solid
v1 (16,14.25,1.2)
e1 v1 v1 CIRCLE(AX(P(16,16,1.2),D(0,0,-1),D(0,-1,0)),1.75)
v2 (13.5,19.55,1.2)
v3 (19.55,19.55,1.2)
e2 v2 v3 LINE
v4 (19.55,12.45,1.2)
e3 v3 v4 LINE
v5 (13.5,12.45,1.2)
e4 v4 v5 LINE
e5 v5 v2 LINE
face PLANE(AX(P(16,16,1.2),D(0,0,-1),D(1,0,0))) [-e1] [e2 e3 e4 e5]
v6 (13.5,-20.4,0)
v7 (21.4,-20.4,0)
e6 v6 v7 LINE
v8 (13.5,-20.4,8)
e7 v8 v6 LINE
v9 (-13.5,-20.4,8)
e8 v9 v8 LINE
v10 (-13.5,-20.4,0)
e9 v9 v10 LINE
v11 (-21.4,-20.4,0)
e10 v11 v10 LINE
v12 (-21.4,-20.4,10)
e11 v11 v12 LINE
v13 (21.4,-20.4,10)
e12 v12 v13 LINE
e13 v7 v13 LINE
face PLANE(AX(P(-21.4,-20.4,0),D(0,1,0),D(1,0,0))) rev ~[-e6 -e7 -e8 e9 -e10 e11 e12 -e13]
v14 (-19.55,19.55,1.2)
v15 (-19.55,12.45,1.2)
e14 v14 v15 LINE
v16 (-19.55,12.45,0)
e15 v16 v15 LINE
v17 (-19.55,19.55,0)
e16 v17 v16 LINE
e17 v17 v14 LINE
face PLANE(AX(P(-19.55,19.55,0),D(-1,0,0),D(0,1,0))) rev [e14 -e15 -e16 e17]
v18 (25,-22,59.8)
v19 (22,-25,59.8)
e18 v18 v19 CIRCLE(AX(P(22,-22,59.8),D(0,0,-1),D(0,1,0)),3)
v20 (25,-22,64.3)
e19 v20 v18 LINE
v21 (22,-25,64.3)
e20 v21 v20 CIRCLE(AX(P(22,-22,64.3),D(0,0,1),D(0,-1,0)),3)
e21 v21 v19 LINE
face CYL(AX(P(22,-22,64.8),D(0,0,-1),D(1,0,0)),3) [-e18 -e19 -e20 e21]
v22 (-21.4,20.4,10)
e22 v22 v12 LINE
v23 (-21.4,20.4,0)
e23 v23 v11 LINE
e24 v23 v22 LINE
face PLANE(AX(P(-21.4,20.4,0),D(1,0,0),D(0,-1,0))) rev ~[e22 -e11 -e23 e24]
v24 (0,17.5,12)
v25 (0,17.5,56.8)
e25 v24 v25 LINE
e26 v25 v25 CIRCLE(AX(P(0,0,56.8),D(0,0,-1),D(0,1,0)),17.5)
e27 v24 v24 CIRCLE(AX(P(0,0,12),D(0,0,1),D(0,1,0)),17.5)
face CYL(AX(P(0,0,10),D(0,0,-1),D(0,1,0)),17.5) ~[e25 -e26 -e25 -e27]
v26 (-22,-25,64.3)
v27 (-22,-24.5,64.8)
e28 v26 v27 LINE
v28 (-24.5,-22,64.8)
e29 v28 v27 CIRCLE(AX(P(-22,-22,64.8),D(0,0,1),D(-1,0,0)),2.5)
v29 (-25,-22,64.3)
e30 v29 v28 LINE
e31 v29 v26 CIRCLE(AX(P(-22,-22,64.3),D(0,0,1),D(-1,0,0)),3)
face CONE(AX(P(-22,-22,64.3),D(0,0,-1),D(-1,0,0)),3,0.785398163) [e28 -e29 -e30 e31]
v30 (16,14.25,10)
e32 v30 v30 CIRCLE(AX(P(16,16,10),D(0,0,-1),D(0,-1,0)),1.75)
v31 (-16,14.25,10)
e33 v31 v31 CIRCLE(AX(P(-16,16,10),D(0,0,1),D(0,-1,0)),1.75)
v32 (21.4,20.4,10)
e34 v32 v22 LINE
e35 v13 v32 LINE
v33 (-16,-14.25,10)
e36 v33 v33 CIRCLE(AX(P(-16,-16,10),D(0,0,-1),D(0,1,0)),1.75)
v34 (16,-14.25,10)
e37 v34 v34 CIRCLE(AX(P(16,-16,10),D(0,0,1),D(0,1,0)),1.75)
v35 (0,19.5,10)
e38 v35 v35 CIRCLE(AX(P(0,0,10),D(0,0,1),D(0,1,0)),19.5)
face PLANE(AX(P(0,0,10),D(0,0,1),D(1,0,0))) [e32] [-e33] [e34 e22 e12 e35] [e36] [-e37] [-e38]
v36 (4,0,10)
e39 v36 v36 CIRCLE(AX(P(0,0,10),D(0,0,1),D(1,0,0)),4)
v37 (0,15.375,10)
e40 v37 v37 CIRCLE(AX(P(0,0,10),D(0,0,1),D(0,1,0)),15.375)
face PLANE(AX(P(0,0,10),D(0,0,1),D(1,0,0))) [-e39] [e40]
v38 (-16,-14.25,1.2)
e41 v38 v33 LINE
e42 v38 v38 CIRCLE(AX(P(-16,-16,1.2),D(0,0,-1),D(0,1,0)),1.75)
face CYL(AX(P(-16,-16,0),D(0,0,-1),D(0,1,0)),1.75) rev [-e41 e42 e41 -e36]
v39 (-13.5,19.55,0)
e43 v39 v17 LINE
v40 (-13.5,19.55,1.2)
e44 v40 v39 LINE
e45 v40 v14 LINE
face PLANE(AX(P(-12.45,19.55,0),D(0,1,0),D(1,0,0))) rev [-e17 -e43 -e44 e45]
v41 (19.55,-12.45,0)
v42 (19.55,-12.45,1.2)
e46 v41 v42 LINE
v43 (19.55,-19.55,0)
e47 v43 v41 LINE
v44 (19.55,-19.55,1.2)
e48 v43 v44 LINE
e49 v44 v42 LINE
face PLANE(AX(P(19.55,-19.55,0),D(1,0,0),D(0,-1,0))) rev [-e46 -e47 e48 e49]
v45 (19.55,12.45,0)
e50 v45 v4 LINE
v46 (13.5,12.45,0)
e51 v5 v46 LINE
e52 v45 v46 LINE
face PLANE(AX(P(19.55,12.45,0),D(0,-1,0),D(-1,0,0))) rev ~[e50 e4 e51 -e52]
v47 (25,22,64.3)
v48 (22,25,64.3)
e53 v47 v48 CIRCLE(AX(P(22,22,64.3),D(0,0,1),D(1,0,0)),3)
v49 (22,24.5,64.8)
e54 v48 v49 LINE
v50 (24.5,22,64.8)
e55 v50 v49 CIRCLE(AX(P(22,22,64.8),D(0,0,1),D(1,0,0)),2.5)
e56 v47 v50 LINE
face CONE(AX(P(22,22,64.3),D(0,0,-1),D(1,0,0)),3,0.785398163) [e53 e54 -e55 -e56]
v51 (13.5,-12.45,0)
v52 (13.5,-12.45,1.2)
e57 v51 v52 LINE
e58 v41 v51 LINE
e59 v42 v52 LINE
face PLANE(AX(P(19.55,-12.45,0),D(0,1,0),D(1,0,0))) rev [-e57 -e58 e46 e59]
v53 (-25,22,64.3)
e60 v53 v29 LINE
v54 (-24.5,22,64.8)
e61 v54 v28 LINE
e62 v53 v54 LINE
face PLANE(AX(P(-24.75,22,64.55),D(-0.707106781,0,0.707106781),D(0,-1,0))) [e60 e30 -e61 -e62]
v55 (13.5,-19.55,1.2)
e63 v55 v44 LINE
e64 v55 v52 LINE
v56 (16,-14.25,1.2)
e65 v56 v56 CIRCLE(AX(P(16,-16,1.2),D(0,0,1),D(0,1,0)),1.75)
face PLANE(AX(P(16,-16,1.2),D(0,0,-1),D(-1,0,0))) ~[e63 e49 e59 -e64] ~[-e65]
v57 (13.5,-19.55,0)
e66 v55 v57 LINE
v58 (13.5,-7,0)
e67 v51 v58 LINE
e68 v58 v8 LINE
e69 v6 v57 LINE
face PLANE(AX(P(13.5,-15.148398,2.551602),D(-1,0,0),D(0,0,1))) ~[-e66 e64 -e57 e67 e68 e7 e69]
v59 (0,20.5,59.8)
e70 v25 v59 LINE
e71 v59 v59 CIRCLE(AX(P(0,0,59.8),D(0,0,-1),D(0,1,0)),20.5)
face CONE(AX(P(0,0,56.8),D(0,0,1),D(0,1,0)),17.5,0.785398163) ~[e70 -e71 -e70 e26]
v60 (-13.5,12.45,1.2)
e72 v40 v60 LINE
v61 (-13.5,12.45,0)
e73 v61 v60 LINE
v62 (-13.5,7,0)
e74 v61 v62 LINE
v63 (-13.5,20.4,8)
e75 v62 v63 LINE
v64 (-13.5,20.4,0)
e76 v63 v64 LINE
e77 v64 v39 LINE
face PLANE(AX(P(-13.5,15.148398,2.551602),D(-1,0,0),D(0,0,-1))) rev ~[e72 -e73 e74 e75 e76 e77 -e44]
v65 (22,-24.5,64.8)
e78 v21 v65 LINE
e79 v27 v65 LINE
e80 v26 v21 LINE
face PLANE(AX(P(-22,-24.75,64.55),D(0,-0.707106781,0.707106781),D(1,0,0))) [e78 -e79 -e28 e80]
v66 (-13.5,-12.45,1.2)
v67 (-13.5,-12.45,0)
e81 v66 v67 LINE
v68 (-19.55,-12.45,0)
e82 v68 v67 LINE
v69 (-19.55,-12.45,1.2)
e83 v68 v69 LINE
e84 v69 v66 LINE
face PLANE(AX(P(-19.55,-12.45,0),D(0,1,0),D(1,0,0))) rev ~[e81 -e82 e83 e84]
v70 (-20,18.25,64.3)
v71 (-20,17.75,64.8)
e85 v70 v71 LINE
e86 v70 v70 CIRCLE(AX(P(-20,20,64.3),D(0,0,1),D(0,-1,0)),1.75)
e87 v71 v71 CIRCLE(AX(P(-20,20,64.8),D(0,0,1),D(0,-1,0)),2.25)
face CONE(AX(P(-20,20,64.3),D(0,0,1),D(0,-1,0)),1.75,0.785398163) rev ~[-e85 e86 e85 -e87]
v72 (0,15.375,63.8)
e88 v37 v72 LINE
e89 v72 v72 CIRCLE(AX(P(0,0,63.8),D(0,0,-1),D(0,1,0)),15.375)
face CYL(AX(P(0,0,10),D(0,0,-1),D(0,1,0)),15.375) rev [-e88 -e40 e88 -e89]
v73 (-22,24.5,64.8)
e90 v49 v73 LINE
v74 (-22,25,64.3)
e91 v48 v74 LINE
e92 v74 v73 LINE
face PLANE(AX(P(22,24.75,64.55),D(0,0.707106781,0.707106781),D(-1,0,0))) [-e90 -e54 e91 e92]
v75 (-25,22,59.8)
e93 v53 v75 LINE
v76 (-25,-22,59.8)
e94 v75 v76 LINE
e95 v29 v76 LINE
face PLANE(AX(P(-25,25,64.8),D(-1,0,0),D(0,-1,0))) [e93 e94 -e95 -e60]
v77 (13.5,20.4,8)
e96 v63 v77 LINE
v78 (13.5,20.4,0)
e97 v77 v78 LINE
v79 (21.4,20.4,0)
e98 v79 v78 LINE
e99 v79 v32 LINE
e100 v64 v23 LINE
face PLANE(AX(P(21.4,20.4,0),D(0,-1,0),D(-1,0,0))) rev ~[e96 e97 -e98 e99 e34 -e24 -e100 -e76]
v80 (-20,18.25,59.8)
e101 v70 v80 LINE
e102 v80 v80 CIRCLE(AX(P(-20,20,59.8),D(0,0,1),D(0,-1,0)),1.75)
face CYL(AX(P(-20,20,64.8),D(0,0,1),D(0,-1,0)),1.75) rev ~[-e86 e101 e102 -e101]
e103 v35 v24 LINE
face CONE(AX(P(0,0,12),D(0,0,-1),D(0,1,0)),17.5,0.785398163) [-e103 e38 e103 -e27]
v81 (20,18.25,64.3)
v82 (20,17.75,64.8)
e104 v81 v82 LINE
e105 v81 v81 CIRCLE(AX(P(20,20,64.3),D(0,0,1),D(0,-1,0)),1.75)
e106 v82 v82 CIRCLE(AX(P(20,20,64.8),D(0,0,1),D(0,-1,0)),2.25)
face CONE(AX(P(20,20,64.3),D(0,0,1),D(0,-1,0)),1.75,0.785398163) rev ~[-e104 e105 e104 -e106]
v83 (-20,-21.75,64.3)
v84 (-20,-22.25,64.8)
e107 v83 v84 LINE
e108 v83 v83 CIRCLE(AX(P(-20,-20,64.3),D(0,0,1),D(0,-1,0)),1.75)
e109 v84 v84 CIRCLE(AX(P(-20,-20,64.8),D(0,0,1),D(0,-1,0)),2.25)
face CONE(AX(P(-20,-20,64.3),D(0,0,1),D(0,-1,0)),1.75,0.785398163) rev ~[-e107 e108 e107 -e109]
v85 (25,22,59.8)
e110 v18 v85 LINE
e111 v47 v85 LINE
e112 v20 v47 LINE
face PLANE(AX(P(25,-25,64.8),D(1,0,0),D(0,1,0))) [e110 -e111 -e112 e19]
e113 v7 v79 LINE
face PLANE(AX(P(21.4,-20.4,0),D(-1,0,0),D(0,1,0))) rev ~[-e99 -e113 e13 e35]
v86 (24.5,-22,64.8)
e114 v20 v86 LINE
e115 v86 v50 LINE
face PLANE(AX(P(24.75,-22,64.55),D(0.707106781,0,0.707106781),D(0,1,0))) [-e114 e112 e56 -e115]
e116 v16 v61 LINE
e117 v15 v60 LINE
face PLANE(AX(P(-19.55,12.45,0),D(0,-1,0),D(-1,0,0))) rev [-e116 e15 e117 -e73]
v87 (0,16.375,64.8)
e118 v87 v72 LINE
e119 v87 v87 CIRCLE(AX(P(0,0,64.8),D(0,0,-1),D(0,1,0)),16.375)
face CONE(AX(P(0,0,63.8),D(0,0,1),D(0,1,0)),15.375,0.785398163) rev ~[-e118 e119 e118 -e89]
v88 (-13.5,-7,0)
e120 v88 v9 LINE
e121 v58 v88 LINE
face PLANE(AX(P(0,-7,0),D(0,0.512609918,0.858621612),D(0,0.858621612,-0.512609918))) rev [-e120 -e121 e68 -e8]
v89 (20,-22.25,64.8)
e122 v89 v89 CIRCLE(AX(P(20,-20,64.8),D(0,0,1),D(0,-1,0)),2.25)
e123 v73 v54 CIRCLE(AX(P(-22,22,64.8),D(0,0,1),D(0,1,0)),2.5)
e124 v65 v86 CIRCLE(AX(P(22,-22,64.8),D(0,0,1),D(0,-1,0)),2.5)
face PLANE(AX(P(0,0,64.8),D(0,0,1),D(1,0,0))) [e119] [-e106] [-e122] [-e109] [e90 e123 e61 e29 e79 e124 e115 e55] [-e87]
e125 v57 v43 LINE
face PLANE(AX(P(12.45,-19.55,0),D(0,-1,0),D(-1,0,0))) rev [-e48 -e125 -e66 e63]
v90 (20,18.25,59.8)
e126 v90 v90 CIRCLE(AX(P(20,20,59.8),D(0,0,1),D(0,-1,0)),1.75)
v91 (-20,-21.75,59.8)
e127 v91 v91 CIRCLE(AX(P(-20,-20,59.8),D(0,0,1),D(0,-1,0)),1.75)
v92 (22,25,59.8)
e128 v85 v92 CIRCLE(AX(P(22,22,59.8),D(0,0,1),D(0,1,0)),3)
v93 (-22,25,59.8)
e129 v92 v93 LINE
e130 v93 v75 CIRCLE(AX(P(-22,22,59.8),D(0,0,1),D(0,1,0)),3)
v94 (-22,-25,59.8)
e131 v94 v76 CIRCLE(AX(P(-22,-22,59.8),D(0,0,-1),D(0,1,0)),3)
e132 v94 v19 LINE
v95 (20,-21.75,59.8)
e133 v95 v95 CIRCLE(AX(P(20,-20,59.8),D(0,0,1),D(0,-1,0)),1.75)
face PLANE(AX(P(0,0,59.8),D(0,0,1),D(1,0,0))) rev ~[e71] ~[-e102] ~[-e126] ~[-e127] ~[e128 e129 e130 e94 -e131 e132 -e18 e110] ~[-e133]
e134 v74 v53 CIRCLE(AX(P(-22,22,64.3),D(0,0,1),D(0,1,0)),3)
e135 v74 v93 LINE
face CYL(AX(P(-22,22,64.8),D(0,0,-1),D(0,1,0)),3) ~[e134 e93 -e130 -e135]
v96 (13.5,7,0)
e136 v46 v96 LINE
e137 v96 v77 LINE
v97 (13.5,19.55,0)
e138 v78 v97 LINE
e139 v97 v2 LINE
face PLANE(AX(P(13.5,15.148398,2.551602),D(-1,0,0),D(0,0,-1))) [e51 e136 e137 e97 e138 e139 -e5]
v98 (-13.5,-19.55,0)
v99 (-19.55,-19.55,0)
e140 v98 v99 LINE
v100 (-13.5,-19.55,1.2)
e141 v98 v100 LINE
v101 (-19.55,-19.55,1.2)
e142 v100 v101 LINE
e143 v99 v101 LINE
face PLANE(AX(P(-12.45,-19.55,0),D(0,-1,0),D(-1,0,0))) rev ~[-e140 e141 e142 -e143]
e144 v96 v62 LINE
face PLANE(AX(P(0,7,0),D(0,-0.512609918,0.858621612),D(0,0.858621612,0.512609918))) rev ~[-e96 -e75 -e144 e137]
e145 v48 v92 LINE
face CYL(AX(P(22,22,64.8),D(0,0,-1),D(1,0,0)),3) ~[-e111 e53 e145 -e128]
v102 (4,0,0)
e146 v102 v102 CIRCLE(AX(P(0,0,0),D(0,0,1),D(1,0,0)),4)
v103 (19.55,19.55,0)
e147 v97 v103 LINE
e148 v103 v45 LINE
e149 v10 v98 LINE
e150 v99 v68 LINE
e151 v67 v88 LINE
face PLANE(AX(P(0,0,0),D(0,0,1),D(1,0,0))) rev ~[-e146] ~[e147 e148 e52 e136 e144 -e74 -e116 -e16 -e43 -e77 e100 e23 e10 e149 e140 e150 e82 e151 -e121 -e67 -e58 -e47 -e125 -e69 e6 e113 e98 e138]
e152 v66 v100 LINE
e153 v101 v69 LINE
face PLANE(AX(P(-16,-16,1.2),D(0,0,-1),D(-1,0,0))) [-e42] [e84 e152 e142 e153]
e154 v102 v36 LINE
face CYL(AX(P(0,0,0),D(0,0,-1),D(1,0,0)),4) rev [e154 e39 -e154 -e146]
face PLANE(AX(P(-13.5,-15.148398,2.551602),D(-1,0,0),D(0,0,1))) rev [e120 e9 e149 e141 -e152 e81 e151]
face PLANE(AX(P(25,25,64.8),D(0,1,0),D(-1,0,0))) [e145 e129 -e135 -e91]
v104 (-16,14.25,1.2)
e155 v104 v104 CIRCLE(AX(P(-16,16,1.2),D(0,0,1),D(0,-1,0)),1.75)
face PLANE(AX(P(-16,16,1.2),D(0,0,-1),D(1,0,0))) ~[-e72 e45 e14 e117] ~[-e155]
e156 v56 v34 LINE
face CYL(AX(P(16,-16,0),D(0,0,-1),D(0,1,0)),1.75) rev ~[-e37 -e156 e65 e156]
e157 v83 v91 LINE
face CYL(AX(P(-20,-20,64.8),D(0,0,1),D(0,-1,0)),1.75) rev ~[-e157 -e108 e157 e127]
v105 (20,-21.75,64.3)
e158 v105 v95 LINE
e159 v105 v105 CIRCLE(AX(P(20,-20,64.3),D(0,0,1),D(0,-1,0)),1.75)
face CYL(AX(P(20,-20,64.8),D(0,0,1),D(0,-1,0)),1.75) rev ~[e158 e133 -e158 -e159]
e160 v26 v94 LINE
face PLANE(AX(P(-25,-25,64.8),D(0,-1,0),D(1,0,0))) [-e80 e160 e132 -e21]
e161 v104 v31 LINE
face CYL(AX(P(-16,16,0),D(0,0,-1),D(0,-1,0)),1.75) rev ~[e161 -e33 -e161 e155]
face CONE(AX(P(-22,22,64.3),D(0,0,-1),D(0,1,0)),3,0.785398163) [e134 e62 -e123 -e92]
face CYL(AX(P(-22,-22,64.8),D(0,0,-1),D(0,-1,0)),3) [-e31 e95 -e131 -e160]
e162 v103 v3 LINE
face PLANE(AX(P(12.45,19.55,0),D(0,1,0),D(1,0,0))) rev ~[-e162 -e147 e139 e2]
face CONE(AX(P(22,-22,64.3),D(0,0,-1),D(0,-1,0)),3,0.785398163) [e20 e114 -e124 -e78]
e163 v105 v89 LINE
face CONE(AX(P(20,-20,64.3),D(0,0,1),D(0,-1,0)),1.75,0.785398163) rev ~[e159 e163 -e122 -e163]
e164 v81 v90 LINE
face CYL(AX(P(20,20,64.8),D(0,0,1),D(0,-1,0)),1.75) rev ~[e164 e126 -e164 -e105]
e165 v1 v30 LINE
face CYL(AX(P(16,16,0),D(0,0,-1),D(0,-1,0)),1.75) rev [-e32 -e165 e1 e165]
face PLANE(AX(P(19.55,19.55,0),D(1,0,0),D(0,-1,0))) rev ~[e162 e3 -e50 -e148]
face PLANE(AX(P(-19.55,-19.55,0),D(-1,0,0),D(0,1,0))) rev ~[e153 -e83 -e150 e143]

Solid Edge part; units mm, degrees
sketch "Sketch1" plane through (0, 0, 0) normal (0, 0, 1) x (1, 0, 0)
  line L0 (-21.4, -20.4) -> (21.4, -20.4)
  line L1 (21.4, -20.4) -> (21.4, 20.4)
  line L2 (21.4, 20.4) -> (-21.4, 20.4)
  line L3 (-21.4, 20.4) -> (-21.4, -20.4)
  circle A0 centre (0, 0) radius 4
extrude "Extrusionsausprägung_20" add sketch "Sketch1" along normal blind 10
sketch "Sketch2" plane through (0, 0, 0) normal (0, 0, -1) x (0, -1, 0)
  line L0 (19.55, 19.55) -> (12.45, 19.55)
  line L1 (12.45, 19.55) -> (12.45, 12.45)
  line L2 (12.45, 12.45) -> (19.55, 12.45)
  line L3 (19.55, 12.45) -> (19.55, 19.55)
extrude "Extrusionsausschnitt_24" cut sketch "Sketch2" against normal blind 1.2
hole "Bohrung_4" at (-16, -16, 0) direction (0, 0, 1) diameter 3.5 end up to next
mirror "Mirror1" about plane through (0, 0, 0) normal (0, -1, 0) of "Extrusionsausschnitt_24", "Bohrung_4"
mirror "Mirror2" about plane through (0, 0, 0) normal (1, 0, 0) of "Extrusionsausschnitt_24", "Bohrung_4", "Mirror1"
sketch "Sketch3" plane through (0, 0, 0) normal (1, 0, 0) x (0, 1, 0)
  line L0 (20.4, 0) -> (7, 0)
  line L1 (7, 0) -> (20.4, 8)
  line L2 (20.4, 8) -> (20.4, 0)
extrude "Extrusionsausschnitt_25" cut sketch "Sketch3" along normal mid plane 27
mirror "Mirror3" about plane through (0, 0, 0) normal (0, -1, 0) of "Extrusionsausschnitt_25"
sketch "Sketch4" plane through (0, 0, 10) normal (0, 0, 1) x (0, 1, 0)
  circle A0 centre (0, 0) radius 15.375
  circle A1 centre (0, 0) radius 17.5
extrude "Extrusionsausprägung_21" add sketch "Sketch4" along normal blind 54.8
chamfer "Fase_9" distance 2 angle 45 1 edges at (0, -17.5, 10)
sketch "Sketch5" plane through (0, 0, 64.8) normal (0, 0, 1) x (-1, 0, 0)
  line L0 (-25, 25) -> (-25, -25)
  line L1 (-25, -25) -> (25, -25)
  line L2 (25, -25) -> (25, 25)
  line L3 (25, 25) -> (-25, 25)
  circle A0 centre (0, 0) radius 15.375
extrude "Extrusionsausprägung_23" add sketch "Sketch5" against normal blind 5
chamfer "Fase_10" distance 3 angle 45 1 edges at (-17.5, 0, 59.8)
sketch "Sketch6" plane through (0, 0, 64.8) normal (0, 0, 1) x (0, -1, 0)
  circle A0 centre (-20, 20) radius 1.75
  circle A1 centre (-20, -20) radius 1.75
  circle A2 centre (20, -20) radius 1.75
  circle A3 centre (20, 20) radius 1.75
extrude "Extrusionsausschnitt_26" cut sketch "Sketch6" against normal blind 27
fillet "Verrundung_16" radius 3 4 edges at (-25, -25, 62.3) (25, -25, 62.3) (-25, 25, 62.3) (25, 25, 62.3)
chamfer "Fase_11" distance 0.5 angle 45 12 edges at (20, 21.75, 64.8) (-20, 21.75, 64.8) (-20, -18.25, 64.8) (20, -18.25, 64.8) (25, 0, 64.8) (24.1213, 24.1213, 64.8) (0, 25, 64.8) (-24.1213, 24.1213, 64.8) (-25, 0, 64.8) (-24.1213, -24.1213, 64.8) (0, -25, 64.8) (24.1213, -24.1213, 64.8)
chamfer "Fase_12" distance 1 angle 45 1 edges at (0, -15.375, 64.8)
